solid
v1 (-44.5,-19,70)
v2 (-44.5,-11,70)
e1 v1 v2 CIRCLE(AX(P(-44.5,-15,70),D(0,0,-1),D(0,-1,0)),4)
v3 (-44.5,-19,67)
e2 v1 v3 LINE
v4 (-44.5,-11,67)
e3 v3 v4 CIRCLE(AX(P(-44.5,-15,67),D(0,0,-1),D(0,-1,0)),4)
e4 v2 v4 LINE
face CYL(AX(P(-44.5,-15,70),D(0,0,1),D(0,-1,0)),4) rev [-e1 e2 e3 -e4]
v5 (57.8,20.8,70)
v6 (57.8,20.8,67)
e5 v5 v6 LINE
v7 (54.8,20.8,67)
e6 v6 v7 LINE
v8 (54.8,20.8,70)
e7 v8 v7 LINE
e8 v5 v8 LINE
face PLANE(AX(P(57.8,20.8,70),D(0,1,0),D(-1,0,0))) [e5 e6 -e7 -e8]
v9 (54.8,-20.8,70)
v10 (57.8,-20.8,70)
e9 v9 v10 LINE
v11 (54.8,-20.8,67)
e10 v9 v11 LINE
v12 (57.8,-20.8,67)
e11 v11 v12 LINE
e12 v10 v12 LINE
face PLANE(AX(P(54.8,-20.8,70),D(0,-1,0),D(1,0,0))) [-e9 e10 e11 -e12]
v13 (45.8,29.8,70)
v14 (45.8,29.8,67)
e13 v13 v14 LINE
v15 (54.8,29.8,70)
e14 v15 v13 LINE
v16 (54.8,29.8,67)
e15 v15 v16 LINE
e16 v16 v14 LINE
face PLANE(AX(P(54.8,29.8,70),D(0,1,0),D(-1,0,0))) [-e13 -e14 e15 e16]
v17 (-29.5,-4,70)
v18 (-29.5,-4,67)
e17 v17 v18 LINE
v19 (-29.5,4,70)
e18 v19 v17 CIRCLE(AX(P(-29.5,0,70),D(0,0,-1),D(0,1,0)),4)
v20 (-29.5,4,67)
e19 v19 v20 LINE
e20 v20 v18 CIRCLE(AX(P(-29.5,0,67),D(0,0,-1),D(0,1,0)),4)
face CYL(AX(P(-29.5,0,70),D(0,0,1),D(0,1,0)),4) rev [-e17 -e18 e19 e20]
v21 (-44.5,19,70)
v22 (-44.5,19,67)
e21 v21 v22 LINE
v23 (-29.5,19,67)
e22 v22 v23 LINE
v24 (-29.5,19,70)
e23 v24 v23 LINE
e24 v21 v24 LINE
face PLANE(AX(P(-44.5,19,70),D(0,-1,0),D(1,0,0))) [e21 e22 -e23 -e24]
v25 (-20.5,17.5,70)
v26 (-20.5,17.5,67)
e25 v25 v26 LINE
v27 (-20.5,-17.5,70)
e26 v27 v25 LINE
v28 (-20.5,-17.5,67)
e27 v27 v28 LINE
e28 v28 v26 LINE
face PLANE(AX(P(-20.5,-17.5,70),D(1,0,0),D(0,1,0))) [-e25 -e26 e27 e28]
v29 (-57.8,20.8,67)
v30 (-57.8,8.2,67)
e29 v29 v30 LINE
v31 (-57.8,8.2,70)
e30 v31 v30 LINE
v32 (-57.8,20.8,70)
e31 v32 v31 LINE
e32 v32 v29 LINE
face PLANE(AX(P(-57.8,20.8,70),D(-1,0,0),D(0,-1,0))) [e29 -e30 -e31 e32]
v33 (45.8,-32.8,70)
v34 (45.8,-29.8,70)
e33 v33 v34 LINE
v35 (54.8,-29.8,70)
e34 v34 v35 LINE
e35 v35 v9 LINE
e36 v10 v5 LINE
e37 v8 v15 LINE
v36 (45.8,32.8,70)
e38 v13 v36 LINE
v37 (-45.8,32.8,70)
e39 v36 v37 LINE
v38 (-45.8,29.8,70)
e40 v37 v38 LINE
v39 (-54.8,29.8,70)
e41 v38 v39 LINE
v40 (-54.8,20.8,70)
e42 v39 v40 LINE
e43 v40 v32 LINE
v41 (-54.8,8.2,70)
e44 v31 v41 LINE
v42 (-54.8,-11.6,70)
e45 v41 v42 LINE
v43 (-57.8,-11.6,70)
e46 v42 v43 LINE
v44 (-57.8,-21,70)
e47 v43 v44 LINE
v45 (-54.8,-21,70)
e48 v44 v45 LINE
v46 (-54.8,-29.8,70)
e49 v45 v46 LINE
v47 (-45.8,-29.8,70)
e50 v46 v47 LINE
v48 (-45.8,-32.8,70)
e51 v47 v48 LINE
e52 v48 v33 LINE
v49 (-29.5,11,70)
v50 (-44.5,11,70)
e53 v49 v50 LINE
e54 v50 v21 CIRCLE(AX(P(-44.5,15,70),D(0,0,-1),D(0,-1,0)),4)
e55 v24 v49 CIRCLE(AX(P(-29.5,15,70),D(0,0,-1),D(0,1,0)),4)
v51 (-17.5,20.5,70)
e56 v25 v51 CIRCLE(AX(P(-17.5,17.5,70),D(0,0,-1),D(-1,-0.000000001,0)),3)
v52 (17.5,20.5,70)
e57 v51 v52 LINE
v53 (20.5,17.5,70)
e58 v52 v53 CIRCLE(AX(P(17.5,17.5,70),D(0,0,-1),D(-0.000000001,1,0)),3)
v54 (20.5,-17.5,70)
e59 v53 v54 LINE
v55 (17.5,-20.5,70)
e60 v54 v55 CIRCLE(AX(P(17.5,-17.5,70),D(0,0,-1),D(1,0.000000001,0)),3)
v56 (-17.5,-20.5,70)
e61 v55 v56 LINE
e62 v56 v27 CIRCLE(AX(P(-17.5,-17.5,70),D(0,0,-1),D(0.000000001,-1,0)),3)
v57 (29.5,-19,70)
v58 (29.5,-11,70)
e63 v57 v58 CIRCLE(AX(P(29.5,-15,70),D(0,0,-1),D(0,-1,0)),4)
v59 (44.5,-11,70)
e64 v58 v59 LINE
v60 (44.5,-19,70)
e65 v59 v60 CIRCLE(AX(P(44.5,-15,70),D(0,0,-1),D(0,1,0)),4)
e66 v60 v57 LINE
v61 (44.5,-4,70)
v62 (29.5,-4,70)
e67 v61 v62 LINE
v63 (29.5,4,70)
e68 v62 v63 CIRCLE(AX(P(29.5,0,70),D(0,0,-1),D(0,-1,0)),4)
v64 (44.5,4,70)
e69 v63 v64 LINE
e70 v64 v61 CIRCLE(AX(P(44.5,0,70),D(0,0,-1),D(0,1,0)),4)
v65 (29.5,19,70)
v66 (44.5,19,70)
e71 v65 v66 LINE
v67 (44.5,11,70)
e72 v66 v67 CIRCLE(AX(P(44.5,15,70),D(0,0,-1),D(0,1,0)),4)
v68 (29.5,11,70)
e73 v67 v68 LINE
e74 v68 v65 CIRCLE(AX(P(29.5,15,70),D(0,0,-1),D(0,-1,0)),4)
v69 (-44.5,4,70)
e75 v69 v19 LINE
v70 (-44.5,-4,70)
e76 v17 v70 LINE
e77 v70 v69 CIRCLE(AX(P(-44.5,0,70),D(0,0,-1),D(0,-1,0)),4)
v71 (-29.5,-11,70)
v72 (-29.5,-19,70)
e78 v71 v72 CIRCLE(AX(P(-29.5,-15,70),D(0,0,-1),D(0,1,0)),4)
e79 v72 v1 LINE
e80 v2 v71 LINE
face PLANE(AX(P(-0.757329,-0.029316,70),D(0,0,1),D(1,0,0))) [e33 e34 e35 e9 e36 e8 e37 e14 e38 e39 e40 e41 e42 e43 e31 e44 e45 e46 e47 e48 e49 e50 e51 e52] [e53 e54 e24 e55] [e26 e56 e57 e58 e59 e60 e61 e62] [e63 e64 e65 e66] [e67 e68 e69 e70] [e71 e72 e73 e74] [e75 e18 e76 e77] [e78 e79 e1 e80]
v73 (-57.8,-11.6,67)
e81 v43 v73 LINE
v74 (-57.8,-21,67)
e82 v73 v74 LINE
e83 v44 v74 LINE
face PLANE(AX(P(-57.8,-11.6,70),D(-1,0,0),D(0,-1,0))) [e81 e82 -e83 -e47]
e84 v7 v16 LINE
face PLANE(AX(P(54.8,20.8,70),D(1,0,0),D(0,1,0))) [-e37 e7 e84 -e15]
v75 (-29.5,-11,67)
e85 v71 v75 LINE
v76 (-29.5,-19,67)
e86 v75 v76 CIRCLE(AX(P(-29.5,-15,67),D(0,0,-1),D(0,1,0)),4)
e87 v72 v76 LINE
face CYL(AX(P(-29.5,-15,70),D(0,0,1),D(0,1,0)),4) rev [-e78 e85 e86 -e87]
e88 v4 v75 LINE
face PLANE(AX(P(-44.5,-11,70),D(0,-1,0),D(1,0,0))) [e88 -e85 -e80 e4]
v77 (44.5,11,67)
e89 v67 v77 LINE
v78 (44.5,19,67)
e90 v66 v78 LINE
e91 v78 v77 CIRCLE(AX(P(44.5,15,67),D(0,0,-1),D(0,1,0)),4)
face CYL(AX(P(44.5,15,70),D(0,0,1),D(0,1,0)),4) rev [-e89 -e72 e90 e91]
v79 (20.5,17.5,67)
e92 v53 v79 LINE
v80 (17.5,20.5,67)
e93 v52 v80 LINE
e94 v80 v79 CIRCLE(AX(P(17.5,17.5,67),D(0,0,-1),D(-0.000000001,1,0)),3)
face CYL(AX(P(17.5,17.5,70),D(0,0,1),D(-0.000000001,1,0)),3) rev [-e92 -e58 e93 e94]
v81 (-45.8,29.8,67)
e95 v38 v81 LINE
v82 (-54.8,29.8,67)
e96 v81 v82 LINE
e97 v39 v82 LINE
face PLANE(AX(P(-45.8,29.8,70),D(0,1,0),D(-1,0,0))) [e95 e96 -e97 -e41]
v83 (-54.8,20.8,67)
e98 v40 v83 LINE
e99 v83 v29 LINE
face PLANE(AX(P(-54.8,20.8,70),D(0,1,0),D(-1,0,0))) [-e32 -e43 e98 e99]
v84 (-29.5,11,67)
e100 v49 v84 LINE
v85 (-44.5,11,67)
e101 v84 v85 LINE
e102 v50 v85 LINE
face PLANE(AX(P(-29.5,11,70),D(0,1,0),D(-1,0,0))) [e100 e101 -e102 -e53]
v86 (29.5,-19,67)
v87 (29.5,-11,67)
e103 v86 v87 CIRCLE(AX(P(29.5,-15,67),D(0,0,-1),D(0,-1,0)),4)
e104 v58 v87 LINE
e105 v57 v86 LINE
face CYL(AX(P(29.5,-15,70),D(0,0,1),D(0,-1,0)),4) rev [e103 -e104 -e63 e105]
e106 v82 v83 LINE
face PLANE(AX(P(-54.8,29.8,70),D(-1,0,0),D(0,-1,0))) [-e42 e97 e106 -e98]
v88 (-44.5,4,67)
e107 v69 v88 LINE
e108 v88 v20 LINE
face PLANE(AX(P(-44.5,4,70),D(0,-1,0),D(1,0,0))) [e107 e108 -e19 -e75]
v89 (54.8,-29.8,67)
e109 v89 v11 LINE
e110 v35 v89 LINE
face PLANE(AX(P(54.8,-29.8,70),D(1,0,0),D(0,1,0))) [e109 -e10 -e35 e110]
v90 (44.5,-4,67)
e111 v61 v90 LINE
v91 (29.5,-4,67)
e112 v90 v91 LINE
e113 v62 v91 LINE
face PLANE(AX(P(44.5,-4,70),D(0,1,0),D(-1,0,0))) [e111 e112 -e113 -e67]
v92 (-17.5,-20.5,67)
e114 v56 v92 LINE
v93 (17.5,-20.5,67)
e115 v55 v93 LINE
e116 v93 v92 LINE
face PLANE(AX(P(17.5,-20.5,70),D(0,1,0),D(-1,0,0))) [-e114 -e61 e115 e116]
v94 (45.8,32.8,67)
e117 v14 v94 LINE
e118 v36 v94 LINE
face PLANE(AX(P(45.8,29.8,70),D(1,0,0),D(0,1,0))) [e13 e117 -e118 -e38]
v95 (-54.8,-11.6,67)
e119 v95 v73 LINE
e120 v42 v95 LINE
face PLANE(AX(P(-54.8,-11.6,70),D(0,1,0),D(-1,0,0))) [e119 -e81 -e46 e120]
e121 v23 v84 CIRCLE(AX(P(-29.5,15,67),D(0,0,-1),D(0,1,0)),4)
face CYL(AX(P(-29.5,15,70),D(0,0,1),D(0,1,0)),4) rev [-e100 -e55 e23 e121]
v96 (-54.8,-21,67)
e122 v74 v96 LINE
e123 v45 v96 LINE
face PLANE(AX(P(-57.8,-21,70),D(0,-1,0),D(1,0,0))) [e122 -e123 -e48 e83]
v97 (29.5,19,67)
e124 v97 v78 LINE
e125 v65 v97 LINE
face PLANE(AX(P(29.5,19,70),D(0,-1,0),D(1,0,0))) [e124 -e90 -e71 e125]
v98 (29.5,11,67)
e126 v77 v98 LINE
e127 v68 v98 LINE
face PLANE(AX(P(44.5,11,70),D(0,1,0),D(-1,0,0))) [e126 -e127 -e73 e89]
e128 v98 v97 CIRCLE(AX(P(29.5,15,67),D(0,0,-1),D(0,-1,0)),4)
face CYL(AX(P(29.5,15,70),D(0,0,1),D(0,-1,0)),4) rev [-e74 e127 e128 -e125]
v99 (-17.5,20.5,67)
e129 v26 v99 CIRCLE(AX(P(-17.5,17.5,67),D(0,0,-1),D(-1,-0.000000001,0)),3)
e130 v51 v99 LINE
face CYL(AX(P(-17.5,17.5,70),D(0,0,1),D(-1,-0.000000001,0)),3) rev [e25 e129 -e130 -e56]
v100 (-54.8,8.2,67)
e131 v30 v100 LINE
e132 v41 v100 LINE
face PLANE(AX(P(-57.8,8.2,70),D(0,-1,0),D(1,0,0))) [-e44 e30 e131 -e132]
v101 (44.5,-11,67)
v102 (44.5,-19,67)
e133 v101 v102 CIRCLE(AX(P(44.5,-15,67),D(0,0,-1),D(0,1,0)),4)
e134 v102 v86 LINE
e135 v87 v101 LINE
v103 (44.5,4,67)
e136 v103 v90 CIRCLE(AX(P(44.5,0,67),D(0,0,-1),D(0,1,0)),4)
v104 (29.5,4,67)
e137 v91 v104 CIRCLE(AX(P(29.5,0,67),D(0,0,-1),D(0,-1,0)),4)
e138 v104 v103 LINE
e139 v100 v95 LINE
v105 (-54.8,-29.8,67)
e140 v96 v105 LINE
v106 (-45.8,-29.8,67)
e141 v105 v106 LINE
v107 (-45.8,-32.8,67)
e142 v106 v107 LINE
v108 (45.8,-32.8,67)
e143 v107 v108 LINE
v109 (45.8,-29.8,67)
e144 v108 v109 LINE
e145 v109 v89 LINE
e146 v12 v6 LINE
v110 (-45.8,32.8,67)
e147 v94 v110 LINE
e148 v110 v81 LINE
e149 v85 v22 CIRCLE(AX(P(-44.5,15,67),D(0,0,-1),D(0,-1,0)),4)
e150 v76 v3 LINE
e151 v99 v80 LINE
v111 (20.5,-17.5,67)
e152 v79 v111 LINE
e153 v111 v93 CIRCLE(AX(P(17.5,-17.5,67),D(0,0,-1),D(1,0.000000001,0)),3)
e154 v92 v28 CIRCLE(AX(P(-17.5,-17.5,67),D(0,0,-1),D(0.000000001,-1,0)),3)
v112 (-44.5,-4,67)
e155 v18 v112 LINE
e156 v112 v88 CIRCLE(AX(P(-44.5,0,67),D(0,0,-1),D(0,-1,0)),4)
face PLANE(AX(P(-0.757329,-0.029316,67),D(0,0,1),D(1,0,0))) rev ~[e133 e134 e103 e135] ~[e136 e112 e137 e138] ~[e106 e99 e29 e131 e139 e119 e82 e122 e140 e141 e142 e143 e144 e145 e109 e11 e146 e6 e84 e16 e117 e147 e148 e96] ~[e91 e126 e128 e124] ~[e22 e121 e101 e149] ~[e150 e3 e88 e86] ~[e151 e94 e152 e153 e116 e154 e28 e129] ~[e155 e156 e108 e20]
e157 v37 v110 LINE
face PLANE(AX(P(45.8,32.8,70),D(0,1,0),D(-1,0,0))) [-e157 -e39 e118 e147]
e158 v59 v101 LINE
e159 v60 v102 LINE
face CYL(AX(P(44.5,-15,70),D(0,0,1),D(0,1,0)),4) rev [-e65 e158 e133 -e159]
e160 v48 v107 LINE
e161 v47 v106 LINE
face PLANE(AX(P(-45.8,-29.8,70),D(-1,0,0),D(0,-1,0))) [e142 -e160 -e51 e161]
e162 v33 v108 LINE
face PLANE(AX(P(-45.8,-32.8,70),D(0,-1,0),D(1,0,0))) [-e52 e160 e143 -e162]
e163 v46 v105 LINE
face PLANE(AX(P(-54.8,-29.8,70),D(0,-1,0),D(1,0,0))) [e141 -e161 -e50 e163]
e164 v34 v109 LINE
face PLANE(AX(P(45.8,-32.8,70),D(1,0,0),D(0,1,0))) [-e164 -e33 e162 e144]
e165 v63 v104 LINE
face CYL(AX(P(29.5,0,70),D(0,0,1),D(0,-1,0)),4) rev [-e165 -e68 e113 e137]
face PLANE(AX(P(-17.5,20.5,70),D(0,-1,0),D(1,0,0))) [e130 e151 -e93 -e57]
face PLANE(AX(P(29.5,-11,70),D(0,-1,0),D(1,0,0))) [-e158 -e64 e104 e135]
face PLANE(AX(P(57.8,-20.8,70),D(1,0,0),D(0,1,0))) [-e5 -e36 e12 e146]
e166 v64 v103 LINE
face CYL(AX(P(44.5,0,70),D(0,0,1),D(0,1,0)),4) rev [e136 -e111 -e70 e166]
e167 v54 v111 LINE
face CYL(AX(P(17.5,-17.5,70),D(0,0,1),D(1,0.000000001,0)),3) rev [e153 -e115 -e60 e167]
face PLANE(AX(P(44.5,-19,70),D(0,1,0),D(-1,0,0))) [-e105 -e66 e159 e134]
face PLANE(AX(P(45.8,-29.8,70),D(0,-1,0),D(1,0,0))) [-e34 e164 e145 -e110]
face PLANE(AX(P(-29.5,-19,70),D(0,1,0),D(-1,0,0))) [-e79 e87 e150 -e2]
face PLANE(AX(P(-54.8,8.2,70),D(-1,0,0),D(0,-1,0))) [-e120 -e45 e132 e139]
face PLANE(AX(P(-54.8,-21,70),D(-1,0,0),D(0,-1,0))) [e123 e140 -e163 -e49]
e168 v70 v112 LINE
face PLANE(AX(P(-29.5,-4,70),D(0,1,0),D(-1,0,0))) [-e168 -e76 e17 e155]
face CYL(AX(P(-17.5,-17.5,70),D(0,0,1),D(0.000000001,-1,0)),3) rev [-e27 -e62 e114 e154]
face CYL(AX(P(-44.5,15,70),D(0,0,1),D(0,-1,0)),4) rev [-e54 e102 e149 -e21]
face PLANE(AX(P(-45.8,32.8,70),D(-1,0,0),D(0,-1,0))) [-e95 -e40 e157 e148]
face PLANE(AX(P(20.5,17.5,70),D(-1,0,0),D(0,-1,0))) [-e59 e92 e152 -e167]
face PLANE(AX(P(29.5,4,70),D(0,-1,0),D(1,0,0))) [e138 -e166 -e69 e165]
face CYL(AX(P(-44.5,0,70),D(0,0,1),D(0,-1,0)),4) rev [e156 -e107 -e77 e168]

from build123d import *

# Parameters (mm, degrees)
EXTRUDE_2_DEPTH = 3


with BuildPart() as part:
    # 스케치5 → 보스-돌출2 (new body)
    with BuildSketch(Plane.XY.offset(70)):
        Polygon((54.8, -20.8), (57.8, -20.8), (57.8, 20.8), (54.8, 20.8), (54.8, 29.8), (45.8, 29.8), (45.8, 32.8), (-45.8, 32.8), (-45.8, 29.8), (-54.8, 29.8), (-54.8, 20.8), (-57.8, 20.8), (-57.8, 8.2), (-54.8, 8.2), (-54.8, -11.6), (-57.8, -11.6), (-57.8, -21), (-54.8, -21), (-54.8, -29.8), (-45.8, -29.8), (-45.8, -32.8), (45.8, -32.8), (45.8, -29.8), (54.8, -29.8), align=None)
        with BuildLine():
            Line((-17.5, 20.5), (17.5, 20.5))
            ThreePointArc((17.5, 20.5), (19.621320344, 19.621320344), (20.5, 17.5))
            Line((20.5, 17.5), (20.5, -17.5))
            ThreePointArc((20.5, -17.5), (19.621320344, -19.621320344), (17.5, -20.5))
            Line((17.5, -20.5), (-17.5, -20.5))
            ThreePointArc((-17.5, -20.5), (-19.621320344, -19.621320344), (-20.5, -17.5))
            Line((-20.5, -17.5), (-20.5, 17.5))
            ThreePointArc((-20.5, 17.5), (-19.621320344, 19.621320344), (-17.5, 20.5))
        make_face(mode=Mode.SUBTRACT)
        with BuildLine():
            Line((-29.5, 11), (-44.5, 11))
            ThreePointArc((-44.5, 11), (-48.5, 15), (-44.5, 19))
            Line((-44.5, 19), (-29.5, 19))
            ThreePointArc((-29.5, 19), (-25.5, 15), (-29.5, 11))
        make_face(mode=Mode.SUBTRACT)
        with BuildLine():
            Line((29.5, -11), (44.5, -11))
            ThreePointArc((44.5, -11), (48.5, -15), (44.5, -19))
            Line((44.5, -19), (29.5, -19))
            ThreePointArc((29.5, -19), (25.5, -15), (29.5, -11))
        make_face(mode=Mode.SUBTRACT)
        with BuildLine():
            Line((29.5, 4), (44.5, 4))
            ThreePointArc((44.5, 4), (48.5, 0), (44.5, -4))
            Line((44.5, -4), (29.5, -4))
            ThreePointArc((29.5, -4), (25.5, 0), (29.5, 4))
        make_face(mode=Mode.SUBTRACT)
        with BuildLine():
            Line((29.5, 19), (44.5, 19))
            ThreePointArc((44.5, 19), (48.5, 15), (44.5, 11))
            Line((44.5, 11), (29.5, 11))
            ThreePointArc((29.5, 11), (25.5, 15), (29.5, 19))
        make_face(mode=Mode.SUBTRACT)
        with BuildLine():
            Line((-29.5, -19), (-44.5, -19))
            ThreePointArc((-44.5, -19), (-48.5, -15), (-44.5, -11))
            Line((-44.5, -11), (-29.5, -11))
            ThreePointArc((-29.5, -11), (-25.5, -15), (-29.5, -19))
        make_face(mode=Mode.SUBTRACT)
        with BuildLine():
            Line((-29.5, -4), (-44.5, -4))
            ThreePointArc((-44.5, -4), (-48.5, 0), (-44.5, 4))
            Line((-44.5, 4), (-29.5, 4))
            ThreePointArc((-29.5, 4), (-25.5, 0), (-29.5, -4))
        make_face(mode=Mode.SUBTRACT)
    extrude(amount=-EXTRUDE_2_DEPTH)


solid = part.part
